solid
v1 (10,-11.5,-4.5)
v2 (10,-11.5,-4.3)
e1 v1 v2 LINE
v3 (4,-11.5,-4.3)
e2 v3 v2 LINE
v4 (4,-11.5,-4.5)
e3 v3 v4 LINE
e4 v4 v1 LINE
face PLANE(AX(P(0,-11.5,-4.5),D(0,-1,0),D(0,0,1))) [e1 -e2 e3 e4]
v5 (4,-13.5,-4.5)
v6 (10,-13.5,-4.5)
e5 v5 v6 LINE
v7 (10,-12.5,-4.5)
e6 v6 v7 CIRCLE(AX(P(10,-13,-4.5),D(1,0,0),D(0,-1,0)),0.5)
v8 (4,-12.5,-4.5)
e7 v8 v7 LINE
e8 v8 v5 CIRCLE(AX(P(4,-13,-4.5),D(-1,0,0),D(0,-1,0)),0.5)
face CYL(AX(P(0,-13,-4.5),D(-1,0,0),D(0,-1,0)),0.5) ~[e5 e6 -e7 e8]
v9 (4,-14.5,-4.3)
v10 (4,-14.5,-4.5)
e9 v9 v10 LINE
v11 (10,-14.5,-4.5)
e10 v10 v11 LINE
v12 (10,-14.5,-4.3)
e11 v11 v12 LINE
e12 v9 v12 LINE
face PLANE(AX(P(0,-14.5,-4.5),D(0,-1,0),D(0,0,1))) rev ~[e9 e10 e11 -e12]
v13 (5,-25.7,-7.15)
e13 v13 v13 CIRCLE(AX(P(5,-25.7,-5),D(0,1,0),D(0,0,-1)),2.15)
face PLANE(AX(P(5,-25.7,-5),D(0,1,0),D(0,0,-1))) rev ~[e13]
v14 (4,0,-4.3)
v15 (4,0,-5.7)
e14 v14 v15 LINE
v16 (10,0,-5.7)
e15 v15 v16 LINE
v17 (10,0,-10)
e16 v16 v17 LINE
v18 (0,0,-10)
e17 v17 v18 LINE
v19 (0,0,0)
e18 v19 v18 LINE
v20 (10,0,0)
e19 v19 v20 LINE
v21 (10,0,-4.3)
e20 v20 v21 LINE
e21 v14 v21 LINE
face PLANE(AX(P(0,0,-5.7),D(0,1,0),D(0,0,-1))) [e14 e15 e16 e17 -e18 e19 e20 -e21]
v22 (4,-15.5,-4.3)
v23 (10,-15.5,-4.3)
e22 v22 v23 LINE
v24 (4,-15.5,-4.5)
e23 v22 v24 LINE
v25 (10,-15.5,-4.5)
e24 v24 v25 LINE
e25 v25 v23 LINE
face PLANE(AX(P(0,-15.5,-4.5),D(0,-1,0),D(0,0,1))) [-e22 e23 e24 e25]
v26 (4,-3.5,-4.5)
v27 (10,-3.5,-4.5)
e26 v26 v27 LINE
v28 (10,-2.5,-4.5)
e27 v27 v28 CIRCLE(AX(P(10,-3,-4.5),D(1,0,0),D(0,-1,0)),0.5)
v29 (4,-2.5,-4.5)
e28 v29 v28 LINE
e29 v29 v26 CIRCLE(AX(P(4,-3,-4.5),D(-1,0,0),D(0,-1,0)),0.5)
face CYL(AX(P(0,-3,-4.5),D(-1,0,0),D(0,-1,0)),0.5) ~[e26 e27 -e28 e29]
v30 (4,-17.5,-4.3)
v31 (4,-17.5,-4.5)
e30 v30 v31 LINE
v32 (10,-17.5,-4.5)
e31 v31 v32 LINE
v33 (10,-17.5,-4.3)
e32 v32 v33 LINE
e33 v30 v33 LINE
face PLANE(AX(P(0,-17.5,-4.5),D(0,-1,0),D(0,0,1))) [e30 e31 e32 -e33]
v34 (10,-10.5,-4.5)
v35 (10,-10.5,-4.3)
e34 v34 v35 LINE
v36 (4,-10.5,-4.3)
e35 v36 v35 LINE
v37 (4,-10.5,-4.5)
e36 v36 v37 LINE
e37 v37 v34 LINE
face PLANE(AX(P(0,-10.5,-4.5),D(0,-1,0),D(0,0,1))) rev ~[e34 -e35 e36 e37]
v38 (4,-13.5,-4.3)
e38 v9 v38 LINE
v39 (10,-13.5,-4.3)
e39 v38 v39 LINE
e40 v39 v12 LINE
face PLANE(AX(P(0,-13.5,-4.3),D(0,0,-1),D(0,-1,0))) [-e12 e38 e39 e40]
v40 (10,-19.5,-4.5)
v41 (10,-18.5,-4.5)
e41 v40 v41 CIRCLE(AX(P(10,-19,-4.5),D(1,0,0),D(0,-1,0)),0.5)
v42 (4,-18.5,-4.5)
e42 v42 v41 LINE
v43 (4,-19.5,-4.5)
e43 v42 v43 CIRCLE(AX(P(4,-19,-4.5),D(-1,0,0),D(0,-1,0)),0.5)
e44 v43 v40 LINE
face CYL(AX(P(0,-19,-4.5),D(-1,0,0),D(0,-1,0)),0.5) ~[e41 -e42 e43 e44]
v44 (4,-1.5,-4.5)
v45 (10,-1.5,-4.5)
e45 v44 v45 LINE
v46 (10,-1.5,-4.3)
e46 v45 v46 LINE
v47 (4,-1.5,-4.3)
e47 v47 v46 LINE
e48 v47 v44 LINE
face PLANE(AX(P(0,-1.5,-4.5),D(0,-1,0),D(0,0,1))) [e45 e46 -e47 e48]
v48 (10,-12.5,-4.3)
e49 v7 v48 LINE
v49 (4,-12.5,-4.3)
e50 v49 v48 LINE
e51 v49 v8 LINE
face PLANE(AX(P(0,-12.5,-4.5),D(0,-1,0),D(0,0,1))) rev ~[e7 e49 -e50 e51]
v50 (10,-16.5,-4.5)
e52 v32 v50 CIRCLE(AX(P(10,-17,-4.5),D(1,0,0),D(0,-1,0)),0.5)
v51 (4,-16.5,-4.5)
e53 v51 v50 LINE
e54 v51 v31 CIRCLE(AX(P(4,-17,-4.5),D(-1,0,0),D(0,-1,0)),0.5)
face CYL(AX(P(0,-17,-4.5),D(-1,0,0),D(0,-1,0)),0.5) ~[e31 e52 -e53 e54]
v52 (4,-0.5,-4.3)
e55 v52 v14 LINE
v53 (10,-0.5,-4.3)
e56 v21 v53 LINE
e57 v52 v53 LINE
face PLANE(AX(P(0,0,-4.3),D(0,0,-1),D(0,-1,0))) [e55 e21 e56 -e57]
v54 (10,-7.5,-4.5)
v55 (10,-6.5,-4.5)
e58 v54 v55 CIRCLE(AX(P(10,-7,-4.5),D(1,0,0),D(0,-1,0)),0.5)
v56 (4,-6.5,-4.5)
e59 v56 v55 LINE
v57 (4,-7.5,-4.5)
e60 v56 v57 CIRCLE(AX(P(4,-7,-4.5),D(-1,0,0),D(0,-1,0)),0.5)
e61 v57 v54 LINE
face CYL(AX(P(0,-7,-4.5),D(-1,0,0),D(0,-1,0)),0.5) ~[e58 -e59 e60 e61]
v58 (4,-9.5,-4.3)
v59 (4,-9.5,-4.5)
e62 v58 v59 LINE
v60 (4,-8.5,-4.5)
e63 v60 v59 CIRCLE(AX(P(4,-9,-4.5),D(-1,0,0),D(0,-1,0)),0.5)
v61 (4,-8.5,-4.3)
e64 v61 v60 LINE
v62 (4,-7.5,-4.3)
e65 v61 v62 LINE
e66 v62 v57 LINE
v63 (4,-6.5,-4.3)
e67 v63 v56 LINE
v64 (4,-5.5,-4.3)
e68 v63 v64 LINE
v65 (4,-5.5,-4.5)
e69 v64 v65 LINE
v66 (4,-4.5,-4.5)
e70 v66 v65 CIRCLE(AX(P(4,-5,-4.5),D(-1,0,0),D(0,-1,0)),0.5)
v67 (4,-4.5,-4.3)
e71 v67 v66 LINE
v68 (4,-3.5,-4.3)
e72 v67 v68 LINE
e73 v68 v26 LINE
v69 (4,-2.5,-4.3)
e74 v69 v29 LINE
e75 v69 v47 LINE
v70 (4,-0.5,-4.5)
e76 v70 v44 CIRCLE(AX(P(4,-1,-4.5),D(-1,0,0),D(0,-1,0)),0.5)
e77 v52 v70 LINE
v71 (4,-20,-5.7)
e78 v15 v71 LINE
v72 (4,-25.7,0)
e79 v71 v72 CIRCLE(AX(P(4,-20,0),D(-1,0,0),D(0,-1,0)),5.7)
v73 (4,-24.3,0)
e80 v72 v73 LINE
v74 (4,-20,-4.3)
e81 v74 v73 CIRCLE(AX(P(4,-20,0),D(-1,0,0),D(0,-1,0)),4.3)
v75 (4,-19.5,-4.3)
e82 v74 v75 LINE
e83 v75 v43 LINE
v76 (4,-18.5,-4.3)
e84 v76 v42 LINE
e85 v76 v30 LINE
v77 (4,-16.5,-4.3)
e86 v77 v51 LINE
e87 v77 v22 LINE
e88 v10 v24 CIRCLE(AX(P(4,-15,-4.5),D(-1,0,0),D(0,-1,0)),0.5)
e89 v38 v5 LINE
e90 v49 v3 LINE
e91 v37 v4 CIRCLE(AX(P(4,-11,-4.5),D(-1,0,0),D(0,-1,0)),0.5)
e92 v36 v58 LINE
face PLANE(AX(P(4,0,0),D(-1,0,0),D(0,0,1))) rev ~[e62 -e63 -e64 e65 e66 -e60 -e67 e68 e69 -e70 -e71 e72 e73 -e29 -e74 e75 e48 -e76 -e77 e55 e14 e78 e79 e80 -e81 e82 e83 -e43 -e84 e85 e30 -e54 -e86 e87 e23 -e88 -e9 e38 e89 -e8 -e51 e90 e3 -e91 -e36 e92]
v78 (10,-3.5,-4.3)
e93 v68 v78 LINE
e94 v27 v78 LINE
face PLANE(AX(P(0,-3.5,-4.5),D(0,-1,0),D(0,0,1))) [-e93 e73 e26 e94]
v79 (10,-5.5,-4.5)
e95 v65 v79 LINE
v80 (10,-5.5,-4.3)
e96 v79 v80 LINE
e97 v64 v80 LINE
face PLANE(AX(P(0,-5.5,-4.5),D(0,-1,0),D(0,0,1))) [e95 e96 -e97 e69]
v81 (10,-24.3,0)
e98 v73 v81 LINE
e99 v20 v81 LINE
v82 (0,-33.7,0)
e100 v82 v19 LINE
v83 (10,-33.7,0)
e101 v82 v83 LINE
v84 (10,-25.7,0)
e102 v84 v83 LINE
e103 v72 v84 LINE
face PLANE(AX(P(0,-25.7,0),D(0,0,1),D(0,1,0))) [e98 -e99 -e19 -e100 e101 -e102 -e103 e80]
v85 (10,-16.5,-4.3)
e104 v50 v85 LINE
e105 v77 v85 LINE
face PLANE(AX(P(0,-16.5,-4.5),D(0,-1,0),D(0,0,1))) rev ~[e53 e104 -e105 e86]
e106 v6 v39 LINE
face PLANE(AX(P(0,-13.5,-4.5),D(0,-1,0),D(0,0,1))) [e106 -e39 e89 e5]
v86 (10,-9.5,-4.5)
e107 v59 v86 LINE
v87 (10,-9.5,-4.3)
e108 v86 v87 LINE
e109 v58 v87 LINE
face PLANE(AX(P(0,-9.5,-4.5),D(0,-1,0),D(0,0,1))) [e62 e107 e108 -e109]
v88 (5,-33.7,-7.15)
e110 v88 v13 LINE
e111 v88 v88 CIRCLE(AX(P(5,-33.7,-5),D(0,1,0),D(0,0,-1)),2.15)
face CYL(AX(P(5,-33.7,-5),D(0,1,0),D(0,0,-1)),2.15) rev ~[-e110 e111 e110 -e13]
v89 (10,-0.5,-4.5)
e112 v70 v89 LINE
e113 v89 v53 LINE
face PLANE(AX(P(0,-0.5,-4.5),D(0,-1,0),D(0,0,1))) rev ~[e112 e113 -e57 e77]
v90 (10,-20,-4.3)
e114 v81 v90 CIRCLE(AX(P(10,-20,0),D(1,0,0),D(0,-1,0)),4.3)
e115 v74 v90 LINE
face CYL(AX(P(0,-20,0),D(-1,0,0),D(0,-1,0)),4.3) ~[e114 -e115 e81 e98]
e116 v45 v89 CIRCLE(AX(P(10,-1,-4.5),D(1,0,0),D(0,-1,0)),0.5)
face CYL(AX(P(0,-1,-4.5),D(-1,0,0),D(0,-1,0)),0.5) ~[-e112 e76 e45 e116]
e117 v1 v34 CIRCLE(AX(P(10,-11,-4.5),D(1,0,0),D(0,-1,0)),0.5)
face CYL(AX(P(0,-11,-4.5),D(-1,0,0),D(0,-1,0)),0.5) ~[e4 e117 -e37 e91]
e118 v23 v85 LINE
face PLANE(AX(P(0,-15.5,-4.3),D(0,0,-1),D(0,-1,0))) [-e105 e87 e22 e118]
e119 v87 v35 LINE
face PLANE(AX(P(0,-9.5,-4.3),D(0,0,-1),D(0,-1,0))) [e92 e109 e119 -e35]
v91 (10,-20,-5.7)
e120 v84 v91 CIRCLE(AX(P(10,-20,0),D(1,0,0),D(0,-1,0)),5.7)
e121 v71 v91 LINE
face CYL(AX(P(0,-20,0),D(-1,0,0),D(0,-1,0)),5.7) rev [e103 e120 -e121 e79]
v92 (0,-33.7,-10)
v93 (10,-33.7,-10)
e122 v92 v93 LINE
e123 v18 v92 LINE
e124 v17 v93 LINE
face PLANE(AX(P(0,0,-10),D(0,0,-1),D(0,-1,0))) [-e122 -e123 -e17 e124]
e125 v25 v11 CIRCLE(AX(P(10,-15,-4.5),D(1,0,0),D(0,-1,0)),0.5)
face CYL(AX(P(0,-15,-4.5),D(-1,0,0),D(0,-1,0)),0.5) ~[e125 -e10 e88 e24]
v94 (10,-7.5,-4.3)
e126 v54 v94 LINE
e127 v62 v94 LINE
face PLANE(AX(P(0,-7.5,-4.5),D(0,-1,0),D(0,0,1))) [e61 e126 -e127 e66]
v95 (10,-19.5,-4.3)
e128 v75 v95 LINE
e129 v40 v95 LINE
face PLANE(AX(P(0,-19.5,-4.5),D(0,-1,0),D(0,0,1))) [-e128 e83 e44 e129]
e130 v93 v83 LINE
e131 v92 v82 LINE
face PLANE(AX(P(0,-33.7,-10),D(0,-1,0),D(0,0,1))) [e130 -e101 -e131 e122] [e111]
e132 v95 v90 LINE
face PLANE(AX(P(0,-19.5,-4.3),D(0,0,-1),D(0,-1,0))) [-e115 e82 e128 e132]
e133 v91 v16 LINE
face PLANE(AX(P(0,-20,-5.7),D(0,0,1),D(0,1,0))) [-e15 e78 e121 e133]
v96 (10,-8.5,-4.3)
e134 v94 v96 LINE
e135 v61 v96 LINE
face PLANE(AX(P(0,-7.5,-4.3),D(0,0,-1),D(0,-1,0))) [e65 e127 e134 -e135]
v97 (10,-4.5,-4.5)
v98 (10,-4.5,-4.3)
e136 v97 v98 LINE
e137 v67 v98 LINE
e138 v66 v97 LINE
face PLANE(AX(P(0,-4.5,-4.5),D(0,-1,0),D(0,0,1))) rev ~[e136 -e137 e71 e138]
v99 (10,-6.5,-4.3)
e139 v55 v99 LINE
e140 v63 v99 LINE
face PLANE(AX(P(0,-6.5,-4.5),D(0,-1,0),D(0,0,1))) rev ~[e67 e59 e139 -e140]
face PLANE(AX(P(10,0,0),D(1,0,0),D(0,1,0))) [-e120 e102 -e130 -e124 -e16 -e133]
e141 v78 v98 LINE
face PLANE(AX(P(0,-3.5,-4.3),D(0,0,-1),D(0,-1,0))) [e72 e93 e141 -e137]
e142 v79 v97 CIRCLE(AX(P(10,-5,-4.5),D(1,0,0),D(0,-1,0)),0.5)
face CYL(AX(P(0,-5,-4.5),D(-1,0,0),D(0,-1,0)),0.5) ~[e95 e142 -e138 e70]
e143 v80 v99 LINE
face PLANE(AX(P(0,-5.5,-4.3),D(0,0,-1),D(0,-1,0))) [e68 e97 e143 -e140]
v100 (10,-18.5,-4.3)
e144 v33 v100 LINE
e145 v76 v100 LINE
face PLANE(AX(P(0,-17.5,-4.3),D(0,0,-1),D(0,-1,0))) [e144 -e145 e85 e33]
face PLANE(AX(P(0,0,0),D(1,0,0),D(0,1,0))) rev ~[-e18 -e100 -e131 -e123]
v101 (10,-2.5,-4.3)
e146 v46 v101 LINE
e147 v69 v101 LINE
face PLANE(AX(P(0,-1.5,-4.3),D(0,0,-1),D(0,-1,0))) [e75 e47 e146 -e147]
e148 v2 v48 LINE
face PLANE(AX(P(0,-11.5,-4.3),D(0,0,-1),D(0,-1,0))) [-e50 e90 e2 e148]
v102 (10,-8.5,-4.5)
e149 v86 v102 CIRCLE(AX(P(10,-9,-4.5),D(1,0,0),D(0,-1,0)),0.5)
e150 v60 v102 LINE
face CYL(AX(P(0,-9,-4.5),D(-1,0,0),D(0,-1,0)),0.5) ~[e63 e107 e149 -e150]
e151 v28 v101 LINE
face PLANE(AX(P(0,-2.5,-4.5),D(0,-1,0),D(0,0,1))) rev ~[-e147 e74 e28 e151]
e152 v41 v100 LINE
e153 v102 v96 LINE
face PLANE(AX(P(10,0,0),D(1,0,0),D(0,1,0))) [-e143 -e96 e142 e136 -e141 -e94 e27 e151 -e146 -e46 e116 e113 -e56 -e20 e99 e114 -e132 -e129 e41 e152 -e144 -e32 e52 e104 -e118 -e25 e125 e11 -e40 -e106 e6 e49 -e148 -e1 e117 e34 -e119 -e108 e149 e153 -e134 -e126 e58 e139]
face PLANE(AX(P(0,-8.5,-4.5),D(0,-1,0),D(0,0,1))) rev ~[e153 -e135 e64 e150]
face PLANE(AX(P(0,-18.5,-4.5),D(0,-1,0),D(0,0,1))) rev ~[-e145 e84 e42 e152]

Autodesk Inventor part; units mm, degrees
ref_plane "YZ Plane" through (0, 0, 0) normal (1, 0, 0) x (0, 1, 0)
ref_plane "XZ Plane" through (0, 0, 0) normal (0, 1, 0) x (-1, 0, 0)
ref_plane "XY Plane" through (0, 0, 0) normal (0, 0, 1) x (1, 0, 0)
sketch "Sketch1" plane through (0, 0, 0) normal (1, 0, 0) x (0, 1, 0)
  line L0 (0, 0) -> (-33.7, 0)
  line L1 (0, 0) -> (0, -4.3)
  arc A0 (-1.5, -4.5) -> (-0.5, -4.5) centre (-1, -4.5) ccw
  line L2 (-0.5, -4.5) -> (-0.5, -4.3)
  line L3 (-1.5, -4.5) -> (-1.5, -4.3)
  line L4 (0, -4.3) -> (-0.5, -4.3)
  line L5 (-1.5, -4.3) -> (-2, -4.3)
  line L6 (-2, -4.3) -> (-2.5, -4.3)
  arc A1 (-3.5, -4.5) -> (-2.5, -4.5) centre (-3, -4.5) ccw
  line L7 (-2.5, -4.5) -> (-2.5, -4.3)
  line L8 (-3.5, -4.5) -> (-3.5, -4.3)
  line L9 (-3.5, -4.3) -> (-4, -4.3)
  line L10 (-4, -4.3) -> (-4.5, -4.3)
  arc A2 (-5.5, -4.5) -> (-4.5, -4.5) centre (-5, -4.5) ccw
  line L11 (-4.5, -4.5) -> (-4.5, -4.3)
  line L12 (-5.5, -4.5) -> (-5.5, -4.3)
  line L13 (-5.5, -4.3) -> (-6, -4.3)
  line L14 (-6, -4.3) -> (-6.5, -4.3)
  arc A3 (-7.5, -4.5) -> (-6.5, -4.5) centre (-7, -4.5) ccw
  line L15 (-6.5, -4.5) -> (-6.5, -4.3)
  line L16 (-7.5, -4.5) -> (-7.5, -4.3)
  line L17 (-7.5, -4.3) -> (-8, -4.3)
  line L18 (-8, -4.3) -> (-8.5, -4.3)
  arc A4 (-9.5, -4.5) -> (-8.5, -4.5) centre (-9, -4.5) ccw
  line L19 (-8.5, -4.5) -> (-8.5, -4.3)
  line L20 (-9.5, -4.5) -> (-9.5, -4.3)
  line L21 (-9.5, -4.3) -> (-10, -4.3)
  line L22 (-10, -4.3) -> (-10.5, -4.3)
  arc A5 (-11.5, -4.5) -> (-10.5, -4.5) centre (-11, -4.5) ccw
  line L23 (-10.5, -4.5) -> (-10.5, -4.3)
  line L24 (-11.5, -4.5) -> (-11.5, -4.3)
  line L25 (-11.5, -4.3) -> (-12, -4.3)
  line L26 (-12, -4.3) -> (-12.5, -4.3)
  arc A6 (-13.5, -4.5) -> (-12.5, -4.5) centre (-13, -4.5) ccw
  line L27 (-12.5, -4.5) -> (-12.5, -4.3)
  line L28 (-13.5, -4.5) -> (-13.5, -4.3)
  line L29 (-13.5, -4.3) -> (-14, -4.3)
  line L30 (-14, -4.3) -> (-14.5, -4.3)
  arc A7 (-15.5, -4.5) -> (-14.5, -4.5) centre (-15, -4.5) ccw
  line L31 (-14.5, -4.5) -> (-14.5, -4.3)
  line L32 (-15.5, -4.5) -> (-15.5, -4.3)
  line L33 (-15.5, -4.3) -> (-16, -4.3)
  line L34 (-16, -4.3) -> (-16.5, -4.3)
  arc A8 (-17.5, -4.5) -> (-16.5, -4.5) centre (-17, -4.5) ccw
  line L35 (-16.5, -4.5) -> (-16.5, -4.3)
  line L36 (-17.5, -4.5) -> (-17.5, -4.3)
  line L37 (-17.5, -4.3) -> (-18, -4.3)
  line L38 (-18, -4.3) -> (-18.5, -4.3)
  arc A9 (-19.5, -4.5) -> (-18.5, -4.5) centre (-19, -4.5) ccw
  line L39 (-18.5, -4.5) -> (-18.5, -4.3)
  line L40 (-19.5, -4.5) -> (-19.5, -4.3)
  line L41 (-19.5, -4.3) -> (-20, -4.3)
  line L42 (-20, -5.7) -> (0, -5.7)
  line L43 (0, -5.7) -> (0, -10)
  line L44 (0, -10) -> (-33.7, -10)
  line L45 (-33.7, -10) -> (-33.7, 0)
  line L46 (-20, -5) -> (0, -5) construction
  arc A10 (-24.3, 0) -> (-20, -4.3) centre (-20, 0) ccw
  arc A11 (-25.7, 0) -> (-20, -5.7) centre (-20, 0) ccw
  dimension "d1" = 2
  dimension "d2" = 1
  dimension "d4" = 1
  dimension "d5" = 0.2
  dimension "d8" = 2
  dimension "d14" = 1.4
  dimension "d15" = 10
  dimension "d31" = 8
extrude "Extrusion1" add sketch "Sketch1" along normal blind 10
sketch "Sketch2" plane through (0, -33.7, -10) normal (0, -1, 0) x (1, 0, 0)
  line L0 (0, 10) -> (0, 0) construction
  line L1 (0, 0) -> (10, 0) construction
  line L2 (10, 10) -> (10, 0) construction
  line L3 (0, 10) -> (10, 10) construction
  line L4 (0, 0) -> (10, 0) construction
  line L5 (0, 5.7) -> (0, 10) construction
  line L6 (10, 0) -> (0, 10) construction
  line L7 (0, 10) -> (10, 10) construction
  line L8 (10, 10) -> (0, 0) construction
  line L9 (0, 5) -> (10, 5) construction
  point P0 (5, 5)
hole "Hole1" at (5, -33.7, -5) direction (0, 1, 0) diameter 4.3 depth 8
sketch "Sketch3" plane through (0, 0, 0) normal (-1, 0, 0) x (0, 0, 1)
  line L0 (-10, -33.7) -> (-10, 0) construction
  line L1 (0, 0) -> (0, -33.7) construction
  line L2 (0, -33.7) -> (-10, -33.7) projected
  line L3 (-4.3, 0) -> (0, 0) projected
  line L4 (-10, -33.7) -> (0, -33.7)
  line L5 (0, -33.7) -> (0, 0)
  line L6 (0, 0) -> (-10, 0)
  line L7 (-10, 0) -> (-10, -33.7)
  line L8 (-10, -33.7) -> (-10, 0) projected
  line L9 (0, 0) -> (0, -33.7) projected
  arc A0 (-5.7, -20) -> (0, -25.7) centre (0, -20) ccw projected
  line L10 (0, -25.7) -> (-10, -25.7)
  point P0 (-4.3, 0)
  point P1 (0, -25.7)
extrude "Extrusion2" add sketch "Sketch3" against normal blind 4 contours L10 L7 L6 L3 L5
sketch "Sketch5" plane through (0, 0, 0) normal (-1, 0, 0) x (0, 0, 1)
  line L0 (-3.5, 0) -> (0, -13.0622)
  line L1 (-6.5, 0) -> (-10, -13.0622)
  line L2 (0, 0) -> (0, -33.7) projected
  line L3 (-10, 0) -> (0, 0) projected
  line L4 (-10, -33.7) -> (-10, 0) projected
  line L5 (0, -33.7) -> (-10, -33.7) projected
  line L6 (-5, 0) -> (-5, -33.7) construction
  line L7 (0, -33.7) -> (-10, -33.7) projected
  dimension "d33" = 3
  dimension "d34" = 15
properties part number "BeltClampTensioner"
